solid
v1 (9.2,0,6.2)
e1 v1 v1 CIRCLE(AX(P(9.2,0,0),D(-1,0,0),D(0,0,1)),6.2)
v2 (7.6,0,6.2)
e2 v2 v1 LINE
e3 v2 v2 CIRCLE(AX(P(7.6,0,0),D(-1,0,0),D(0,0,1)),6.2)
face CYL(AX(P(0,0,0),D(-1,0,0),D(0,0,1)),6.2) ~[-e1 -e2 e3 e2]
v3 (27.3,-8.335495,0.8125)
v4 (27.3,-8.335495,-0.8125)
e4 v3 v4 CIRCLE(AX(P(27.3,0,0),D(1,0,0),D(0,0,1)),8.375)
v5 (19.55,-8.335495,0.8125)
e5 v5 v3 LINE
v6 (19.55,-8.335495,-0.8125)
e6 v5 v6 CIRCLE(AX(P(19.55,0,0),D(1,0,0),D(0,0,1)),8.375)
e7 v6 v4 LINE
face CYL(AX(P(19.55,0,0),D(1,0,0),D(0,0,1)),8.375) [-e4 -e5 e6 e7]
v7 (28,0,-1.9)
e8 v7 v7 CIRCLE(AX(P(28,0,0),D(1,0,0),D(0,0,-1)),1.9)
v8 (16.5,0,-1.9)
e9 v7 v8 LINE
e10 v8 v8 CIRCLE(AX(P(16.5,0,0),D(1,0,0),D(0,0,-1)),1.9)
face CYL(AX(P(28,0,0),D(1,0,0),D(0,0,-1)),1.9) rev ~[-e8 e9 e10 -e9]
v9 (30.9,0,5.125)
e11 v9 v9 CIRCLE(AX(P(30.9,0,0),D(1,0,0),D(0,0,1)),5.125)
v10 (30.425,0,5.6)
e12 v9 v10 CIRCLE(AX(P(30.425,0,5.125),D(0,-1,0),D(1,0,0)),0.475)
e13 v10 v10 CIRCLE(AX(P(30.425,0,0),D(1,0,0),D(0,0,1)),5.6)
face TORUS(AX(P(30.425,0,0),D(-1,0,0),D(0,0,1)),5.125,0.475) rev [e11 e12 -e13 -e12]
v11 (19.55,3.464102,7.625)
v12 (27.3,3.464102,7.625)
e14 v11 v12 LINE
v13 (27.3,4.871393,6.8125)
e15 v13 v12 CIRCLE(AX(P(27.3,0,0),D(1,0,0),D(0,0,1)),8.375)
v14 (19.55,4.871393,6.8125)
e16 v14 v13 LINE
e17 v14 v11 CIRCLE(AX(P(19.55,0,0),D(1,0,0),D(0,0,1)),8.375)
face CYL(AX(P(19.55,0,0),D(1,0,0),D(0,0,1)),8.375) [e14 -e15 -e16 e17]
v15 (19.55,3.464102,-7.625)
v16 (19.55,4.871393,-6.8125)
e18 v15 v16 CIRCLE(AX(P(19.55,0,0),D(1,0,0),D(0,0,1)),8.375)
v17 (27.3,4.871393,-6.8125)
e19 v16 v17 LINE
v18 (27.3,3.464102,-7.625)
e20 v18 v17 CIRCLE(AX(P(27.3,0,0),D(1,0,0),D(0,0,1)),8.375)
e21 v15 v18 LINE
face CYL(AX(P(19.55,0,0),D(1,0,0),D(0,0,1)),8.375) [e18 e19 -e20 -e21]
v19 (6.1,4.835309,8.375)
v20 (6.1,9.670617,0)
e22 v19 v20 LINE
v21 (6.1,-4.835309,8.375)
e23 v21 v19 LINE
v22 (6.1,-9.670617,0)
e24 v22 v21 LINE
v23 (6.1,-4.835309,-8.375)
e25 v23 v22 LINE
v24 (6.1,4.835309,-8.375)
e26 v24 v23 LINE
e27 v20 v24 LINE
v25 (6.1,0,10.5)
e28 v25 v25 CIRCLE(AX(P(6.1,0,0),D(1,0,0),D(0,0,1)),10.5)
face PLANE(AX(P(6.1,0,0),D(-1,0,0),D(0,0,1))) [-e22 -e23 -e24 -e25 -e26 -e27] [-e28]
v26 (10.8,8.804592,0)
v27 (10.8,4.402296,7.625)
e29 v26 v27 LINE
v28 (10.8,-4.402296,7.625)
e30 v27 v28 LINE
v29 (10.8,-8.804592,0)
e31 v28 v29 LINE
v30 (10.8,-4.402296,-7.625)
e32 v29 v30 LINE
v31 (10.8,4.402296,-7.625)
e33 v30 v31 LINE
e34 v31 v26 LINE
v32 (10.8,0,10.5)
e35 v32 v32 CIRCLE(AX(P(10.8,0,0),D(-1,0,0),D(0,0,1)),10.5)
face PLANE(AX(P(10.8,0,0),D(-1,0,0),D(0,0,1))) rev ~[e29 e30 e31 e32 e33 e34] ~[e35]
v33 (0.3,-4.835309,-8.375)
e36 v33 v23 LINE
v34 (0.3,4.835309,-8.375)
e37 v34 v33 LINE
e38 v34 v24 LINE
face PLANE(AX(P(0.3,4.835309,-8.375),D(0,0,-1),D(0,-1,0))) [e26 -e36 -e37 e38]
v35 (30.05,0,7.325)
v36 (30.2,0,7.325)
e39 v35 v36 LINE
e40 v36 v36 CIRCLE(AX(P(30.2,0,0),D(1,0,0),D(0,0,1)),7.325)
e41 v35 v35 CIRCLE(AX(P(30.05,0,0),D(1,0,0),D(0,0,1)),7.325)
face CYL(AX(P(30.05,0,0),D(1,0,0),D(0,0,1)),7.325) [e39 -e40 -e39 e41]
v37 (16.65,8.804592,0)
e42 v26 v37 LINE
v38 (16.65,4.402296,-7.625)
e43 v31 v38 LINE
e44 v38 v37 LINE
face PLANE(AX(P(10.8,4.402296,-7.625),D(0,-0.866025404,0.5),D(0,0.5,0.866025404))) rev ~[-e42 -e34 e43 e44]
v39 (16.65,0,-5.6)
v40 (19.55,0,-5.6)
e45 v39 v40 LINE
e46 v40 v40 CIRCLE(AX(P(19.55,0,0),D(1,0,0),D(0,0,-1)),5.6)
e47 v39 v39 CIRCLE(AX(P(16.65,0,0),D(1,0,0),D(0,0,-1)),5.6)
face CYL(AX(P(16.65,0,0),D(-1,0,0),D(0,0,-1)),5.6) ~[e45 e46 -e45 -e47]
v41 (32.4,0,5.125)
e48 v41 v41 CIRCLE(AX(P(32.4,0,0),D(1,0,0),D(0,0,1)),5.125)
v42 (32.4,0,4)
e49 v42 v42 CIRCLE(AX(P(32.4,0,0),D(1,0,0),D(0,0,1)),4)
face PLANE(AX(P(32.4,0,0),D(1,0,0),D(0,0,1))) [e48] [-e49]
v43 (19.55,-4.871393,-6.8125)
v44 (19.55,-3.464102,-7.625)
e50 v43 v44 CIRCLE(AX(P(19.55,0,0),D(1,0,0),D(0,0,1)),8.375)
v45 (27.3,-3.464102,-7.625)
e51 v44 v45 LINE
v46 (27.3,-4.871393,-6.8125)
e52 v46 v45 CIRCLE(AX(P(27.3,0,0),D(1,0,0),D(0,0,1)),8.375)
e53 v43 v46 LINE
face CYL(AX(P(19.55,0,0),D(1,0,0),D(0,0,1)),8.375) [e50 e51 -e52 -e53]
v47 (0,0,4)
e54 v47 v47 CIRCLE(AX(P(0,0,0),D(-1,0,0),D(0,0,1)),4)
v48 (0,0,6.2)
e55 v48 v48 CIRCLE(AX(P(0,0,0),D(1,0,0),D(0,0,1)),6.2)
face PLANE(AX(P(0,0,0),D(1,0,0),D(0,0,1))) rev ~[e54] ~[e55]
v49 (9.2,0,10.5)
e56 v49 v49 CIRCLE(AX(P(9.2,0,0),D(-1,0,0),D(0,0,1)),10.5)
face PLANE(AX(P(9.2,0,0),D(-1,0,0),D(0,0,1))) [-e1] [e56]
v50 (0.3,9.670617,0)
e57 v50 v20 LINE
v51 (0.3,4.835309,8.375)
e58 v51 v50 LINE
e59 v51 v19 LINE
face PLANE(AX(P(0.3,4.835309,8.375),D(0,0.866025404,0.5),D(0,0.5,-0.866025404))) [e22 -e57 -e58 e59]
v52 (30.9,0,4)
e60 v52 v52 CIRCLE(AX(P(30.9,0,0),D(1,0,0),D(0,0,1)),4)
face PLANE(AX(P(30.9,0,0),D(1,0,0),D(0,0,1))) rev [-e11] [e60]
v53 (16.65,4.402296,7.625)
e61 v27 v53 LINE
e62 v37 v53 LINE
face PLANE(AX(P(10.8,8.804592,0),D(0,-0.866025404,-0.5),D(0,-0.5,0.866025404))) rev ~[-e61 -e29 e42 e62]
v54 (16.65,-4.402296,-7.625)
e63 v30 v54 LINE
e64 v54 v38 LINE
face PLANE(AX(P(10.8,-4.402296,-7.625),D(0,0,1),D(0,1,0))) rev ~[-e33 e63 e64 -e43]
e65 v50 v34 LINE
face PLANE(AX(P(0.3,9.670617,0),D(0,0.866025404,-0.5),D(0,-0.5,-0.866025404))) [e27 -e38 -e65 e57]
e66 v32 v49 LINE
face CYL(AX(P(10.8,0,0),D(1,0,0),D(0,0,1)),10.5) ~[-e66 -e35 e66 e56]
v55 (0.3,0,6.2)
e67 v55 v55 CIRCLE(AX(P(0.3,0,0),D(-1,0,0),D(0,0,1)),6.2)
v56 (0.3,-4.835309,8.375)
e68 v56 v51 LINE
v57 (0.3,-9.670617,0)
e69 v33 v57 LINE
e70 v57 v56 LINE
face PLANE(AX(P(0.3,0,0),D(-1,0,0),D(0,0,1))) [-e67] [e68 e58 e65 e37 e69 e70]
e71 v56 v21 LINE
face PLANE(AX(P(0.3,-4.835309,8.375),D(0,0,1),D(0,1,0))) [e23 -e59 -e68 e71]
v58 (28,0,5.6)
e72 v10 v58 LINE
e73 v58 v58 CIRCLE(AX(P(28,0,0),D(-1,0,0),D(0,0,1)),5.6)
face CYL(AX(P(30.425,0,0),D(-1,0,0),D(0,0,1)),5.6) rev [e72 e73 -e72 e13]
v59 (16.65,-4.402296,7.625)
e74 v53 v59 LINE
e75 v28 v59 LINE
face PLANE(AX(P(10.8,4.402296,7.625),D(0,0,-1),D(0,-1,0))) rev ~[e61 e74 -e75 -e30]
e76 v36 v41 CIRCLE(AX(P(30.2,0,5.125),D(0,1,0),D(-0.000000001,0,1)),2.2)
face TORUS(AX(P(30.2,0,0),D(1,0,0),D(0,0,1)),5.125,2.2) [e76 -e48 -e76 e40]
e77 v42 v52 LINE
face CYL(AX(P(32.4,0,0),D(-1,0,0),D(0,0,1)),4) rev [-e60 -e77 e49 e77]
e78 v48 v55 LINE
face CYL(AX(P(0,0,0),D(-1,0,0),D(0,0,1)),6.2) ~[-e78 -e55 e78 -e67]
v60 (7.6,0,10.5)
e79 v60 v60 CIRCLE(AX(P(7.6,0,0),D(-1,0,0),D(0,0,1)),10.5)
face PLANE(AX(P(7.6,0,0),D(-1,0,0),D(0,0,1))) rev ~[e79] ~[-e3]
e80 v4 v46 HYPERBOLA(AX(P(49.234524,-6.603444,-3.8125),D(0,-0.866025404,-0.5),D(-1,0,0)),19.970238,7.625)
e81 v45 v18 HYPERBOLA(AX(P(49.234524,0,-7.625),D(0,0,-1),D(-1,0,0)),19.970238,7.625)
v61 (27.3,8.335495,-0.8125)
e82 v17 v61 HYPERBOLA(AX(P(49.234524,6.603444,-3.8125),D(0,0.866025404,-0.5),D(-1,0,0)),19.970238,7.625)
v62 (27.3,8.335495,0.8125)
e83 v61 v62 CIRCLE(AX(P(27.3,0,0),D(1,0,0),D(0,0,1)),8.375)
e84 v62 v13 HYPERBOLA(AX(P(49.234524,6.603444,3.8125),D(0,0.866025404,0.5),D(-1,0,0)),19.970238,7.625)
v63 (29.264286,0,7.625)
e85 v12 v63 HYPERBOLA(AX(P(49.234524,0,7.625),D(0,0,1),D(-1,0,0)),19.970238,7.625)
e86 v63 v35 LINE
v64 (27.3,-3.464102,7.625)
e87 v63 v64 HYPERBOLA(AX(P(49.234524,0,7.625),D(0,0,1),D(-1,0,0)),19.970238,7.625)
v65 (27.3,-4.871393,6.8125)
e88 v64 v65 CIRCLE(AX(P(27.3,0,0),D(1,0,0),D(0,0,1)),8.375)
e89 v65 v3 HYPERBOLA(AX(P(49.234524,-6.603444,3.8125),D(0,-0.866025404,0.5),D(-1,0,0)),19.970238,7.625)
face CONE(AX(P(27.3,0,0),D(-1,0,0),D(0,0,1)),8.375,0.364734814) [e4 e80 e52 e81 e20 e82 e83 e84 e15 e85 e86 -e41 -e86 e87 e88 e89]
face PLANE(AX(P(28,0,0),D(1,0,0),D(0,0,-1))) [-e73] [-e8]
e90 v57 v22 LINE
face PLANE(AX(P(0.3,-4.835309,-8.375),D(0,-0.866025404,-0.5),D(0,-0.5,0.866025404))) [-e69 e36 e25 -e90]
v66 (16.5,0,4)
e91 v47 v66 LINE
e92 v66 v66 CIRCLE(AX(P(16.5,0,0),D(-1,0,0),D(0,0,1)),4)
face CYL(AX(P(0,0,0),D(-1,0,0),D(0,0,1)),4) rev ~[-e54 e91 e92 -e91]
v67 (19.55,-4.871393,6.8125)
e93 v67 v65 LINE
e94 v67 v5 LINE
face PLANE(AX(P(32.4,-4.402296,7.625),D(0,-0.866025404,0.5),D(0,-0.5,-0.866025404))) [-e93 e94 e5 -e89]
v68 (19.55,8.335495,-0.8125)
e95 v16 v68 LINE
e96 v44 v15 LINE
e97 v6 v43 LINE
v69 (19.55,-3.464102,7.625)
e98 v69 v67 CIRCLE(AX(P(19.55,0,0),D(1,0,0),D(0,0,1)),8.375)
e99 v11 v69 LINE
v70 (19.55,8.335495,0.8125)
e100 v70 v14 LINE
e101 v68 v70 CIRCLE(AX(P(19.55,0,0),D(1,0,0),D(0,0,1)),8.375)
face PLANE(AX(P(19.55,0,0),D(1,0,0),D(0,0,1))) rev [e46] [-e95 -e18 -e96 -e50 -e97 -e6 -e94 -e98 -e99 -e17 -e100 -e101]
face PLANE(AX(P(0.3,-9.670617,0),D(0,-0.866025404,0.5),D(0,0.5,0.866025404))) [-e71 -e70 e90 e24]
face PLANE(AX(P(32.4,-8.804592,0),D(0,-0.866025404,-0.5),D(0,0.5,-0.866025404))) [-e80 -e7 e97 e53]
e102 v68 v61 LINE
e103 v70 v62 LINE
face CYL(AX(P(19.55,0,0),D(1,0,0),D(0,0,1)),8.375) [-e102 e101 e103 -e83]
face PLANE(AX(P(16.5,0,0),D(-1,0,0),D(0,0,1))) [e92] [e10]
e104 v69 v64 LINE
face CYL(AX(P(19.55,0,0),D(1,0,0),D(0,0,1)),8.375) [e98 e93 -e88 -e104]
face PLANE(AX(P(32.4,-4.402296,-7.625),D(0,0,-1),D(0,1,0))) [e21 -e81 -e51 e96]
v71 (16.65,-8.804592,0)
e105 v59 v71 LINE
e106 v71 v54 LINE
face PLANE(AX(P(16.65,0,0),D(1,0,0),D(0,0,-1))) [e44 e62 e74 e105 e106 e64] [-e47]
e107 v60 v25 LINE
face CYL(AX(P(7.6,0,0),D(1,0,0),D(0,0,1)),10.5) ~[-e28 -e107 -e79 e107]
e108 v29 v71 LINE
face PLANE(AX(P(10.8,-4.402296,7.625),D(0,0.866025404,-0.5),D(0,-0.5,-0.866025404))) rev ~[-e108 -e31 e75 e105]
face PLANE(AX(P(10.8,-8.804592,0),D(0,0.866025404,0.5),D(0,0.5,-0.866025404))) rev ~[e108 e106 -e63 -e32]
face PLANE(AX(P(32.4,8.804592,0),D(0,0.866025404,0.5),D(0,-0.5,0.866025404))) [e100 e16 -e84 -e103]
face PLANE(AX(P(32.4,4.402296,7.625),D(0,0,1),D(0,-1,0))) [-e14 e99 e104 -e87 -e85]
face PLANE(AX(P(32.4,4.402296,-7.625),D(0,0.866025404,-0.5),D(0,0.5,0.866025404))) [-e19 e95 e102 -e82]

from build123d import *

# Parameters (mm, degrees)
SKETCH1_R           = 6.2
BOSS_EXTRUDE1_DEPTH = 10.8
BOSS_EXTRUDE2_DEPTH = 5.85
SKETCH3_R           = 5.6
BOSS_EXTRUDE3_DEPTH = 11.35
SKETCH4_R           = 10.5
BOSS_EXTRUDE4_DEPTH = 1.6
SKETCH5_R           = 10.5
BOSS_EXTRUDE5_DEPTH = 7.3
SKETCH6_R           = 13.375
CUT_EXTRUDE1_DEPTH  = 5.8
SKETCH7_R           = 4
CUT_EXTRUDE2_DEPTH  = 16.5
SKETCH8_R           = 1.9
CUT_EXTRUDE3_DEPTH  = 11.5
SKETCH10_R          = 12.625
CUT_EXTRUDE4_DEPTH  = 12.85


with BuildPart() as part:
    # Sketch1 → Boss-Extrude1 (new body)
    with BuildSketch(Plane(origin=(0, 0, 0), x_dir=(0, 0, -1), z_dir=(1, 0, 0))):
        with Locations(Location((0, 0, 0), (0, 0, 180))):
            Circle(SKETCH1_R)
    extrude(amount=BOSS_EXTRUDE1_DEPTH)

    # Sketch2 → Boss-Extrude2 (add)
    with BuildSketch(Plane(origin=(10.8, 0, 0), x_dir=(0, 0, -1), z_dir=(1, 0, 0))):
        Polygon((0, -8.804591605), (7.625, -4.402295803), (7.625, 4.402295803), (0, 8.804591605), (-7.625, 4.402295803), (-7.625, -4.402295803), align=None)
    extrude(amount=BOSS_EXTRUDE2_DEPTH)

    # Sketch3 → Boss-Extrude3 (add)
    with BuildSketch(Plane(origin=(16.65, 0, 0), x_dir=(0, 0, -1), z_dir=(1, 0, 0))):
        Circle(SKETCH3_R)
    extrude(amount=BOSS_EXTRUDE3_DEPTH)

    # Sketch4 → Boss-Extrude4 (add)
    with BuildSketch(Plane.ZY.offset(-10.8)):
        Circle(SKETCH4_R)
    extrude(amount=BOSS_EXTRUDE4_DEPTH)

    # Sketch5 → Boss-Extrude5 (add)
    with BuildSketch(Plane.ZY.offset(-7.6)):
        Circle(SKETCH5_R)
    extrude(amount=BOSS_EXTRUDE5_DEPTH)

    # Sketch6 → Cut-Extrude1 (cut)
    with BuildSketch(Plane.ZY.offset(-0.3)):
        Circle(SKETCH6_R)
        Polygon((0, -9.670617009), (8.375, -4.835308504), (8.375, 4.835308504), (0, 9.670617009), (-8.375, 4.835308504), (-8.375, -4.835308504), align=None, mode=Mode.SUBTRACT)
    extrude(amount=-CUT_EXTRUDE1_DEPTH, mode=Mode.SUBTRACT)

    # Sketch7 → Cut-Extrude2 (cut)
    with BuildSketch(Plane.ZY):
        Circle(SKETCH7_R)
    extrude(amount=-CUT_EXTRUDE2_DEPTH, mode=Mode.SUBTRACT)

    # Sketch8 → Cut-Extrude3 (cut)
    with BuildSketch(Plane(origin=(28, 0, 0), x_dir=(0, 0, -1), z_dir=(1, 0, 0))):
        Circle(SKETCH8_R)
    extrude(amount=-CUT_EXTRUDE3_DEPTH, mode=Mode.SUBTRACT)

    # Sketch9 → Revolve1 (revolve)
    with BuildSketch(Plane.XY, mode=Mode.PRIVATE) as revolve1_sk:
        with BuildLine():
            Line((19.55, 8.375), (27.3, 8.375))
            Line((27.3, 8.375), (30.05, 7.325))
            Line((30.05, 7.325), (30.2, 7.325))
            ThreePointArc((30.2, 7.325), (31.755634919, 6.680634919), (32.4, 5.125))
            Line((32.4, 5.125), (32.4, 4))
            Line((32.4, 4), (30.9, 4))
            Line((30.9, 4), (30.9, 5.125))
            ThreePointArc((30.9, 5.125), (30.760875721, 5.460875721), (30.425, 5.6))
            Line((30.425, 5.6), (19.55, 5.6))
            Line((19.55, 5.6), (19.55, 8.375))
        make_face()
    revolve(revolve1_sk.sketch.rotate(Axis((0, 0, 0), (1, 0, 0)), 90), axis=Axis((0, 0, 0), (1, 0, 0)))

    # Sketch10 → Cut-Extrude4 (cut)
    with BuildSketch(Plane(origin=(32.4, 0, 0), x_dir=(0, 0, -1), z_dir=(1, 0, 0))):
        Circle(SKETCH10_R)
        Polygon((7.625, -4.402295803), (7.625, 4.402295803), (0, 8.804591605), (-7.625, 4.402295803), (-7.625, -4.402295803), (0, -8.804591605), align=None, mode=Mode.SUBTRACT)
    extrude(amount=-CUT_EXTRUDE4_DEPTH, mode=Mode.SUBTRACT)


solid = part.part
